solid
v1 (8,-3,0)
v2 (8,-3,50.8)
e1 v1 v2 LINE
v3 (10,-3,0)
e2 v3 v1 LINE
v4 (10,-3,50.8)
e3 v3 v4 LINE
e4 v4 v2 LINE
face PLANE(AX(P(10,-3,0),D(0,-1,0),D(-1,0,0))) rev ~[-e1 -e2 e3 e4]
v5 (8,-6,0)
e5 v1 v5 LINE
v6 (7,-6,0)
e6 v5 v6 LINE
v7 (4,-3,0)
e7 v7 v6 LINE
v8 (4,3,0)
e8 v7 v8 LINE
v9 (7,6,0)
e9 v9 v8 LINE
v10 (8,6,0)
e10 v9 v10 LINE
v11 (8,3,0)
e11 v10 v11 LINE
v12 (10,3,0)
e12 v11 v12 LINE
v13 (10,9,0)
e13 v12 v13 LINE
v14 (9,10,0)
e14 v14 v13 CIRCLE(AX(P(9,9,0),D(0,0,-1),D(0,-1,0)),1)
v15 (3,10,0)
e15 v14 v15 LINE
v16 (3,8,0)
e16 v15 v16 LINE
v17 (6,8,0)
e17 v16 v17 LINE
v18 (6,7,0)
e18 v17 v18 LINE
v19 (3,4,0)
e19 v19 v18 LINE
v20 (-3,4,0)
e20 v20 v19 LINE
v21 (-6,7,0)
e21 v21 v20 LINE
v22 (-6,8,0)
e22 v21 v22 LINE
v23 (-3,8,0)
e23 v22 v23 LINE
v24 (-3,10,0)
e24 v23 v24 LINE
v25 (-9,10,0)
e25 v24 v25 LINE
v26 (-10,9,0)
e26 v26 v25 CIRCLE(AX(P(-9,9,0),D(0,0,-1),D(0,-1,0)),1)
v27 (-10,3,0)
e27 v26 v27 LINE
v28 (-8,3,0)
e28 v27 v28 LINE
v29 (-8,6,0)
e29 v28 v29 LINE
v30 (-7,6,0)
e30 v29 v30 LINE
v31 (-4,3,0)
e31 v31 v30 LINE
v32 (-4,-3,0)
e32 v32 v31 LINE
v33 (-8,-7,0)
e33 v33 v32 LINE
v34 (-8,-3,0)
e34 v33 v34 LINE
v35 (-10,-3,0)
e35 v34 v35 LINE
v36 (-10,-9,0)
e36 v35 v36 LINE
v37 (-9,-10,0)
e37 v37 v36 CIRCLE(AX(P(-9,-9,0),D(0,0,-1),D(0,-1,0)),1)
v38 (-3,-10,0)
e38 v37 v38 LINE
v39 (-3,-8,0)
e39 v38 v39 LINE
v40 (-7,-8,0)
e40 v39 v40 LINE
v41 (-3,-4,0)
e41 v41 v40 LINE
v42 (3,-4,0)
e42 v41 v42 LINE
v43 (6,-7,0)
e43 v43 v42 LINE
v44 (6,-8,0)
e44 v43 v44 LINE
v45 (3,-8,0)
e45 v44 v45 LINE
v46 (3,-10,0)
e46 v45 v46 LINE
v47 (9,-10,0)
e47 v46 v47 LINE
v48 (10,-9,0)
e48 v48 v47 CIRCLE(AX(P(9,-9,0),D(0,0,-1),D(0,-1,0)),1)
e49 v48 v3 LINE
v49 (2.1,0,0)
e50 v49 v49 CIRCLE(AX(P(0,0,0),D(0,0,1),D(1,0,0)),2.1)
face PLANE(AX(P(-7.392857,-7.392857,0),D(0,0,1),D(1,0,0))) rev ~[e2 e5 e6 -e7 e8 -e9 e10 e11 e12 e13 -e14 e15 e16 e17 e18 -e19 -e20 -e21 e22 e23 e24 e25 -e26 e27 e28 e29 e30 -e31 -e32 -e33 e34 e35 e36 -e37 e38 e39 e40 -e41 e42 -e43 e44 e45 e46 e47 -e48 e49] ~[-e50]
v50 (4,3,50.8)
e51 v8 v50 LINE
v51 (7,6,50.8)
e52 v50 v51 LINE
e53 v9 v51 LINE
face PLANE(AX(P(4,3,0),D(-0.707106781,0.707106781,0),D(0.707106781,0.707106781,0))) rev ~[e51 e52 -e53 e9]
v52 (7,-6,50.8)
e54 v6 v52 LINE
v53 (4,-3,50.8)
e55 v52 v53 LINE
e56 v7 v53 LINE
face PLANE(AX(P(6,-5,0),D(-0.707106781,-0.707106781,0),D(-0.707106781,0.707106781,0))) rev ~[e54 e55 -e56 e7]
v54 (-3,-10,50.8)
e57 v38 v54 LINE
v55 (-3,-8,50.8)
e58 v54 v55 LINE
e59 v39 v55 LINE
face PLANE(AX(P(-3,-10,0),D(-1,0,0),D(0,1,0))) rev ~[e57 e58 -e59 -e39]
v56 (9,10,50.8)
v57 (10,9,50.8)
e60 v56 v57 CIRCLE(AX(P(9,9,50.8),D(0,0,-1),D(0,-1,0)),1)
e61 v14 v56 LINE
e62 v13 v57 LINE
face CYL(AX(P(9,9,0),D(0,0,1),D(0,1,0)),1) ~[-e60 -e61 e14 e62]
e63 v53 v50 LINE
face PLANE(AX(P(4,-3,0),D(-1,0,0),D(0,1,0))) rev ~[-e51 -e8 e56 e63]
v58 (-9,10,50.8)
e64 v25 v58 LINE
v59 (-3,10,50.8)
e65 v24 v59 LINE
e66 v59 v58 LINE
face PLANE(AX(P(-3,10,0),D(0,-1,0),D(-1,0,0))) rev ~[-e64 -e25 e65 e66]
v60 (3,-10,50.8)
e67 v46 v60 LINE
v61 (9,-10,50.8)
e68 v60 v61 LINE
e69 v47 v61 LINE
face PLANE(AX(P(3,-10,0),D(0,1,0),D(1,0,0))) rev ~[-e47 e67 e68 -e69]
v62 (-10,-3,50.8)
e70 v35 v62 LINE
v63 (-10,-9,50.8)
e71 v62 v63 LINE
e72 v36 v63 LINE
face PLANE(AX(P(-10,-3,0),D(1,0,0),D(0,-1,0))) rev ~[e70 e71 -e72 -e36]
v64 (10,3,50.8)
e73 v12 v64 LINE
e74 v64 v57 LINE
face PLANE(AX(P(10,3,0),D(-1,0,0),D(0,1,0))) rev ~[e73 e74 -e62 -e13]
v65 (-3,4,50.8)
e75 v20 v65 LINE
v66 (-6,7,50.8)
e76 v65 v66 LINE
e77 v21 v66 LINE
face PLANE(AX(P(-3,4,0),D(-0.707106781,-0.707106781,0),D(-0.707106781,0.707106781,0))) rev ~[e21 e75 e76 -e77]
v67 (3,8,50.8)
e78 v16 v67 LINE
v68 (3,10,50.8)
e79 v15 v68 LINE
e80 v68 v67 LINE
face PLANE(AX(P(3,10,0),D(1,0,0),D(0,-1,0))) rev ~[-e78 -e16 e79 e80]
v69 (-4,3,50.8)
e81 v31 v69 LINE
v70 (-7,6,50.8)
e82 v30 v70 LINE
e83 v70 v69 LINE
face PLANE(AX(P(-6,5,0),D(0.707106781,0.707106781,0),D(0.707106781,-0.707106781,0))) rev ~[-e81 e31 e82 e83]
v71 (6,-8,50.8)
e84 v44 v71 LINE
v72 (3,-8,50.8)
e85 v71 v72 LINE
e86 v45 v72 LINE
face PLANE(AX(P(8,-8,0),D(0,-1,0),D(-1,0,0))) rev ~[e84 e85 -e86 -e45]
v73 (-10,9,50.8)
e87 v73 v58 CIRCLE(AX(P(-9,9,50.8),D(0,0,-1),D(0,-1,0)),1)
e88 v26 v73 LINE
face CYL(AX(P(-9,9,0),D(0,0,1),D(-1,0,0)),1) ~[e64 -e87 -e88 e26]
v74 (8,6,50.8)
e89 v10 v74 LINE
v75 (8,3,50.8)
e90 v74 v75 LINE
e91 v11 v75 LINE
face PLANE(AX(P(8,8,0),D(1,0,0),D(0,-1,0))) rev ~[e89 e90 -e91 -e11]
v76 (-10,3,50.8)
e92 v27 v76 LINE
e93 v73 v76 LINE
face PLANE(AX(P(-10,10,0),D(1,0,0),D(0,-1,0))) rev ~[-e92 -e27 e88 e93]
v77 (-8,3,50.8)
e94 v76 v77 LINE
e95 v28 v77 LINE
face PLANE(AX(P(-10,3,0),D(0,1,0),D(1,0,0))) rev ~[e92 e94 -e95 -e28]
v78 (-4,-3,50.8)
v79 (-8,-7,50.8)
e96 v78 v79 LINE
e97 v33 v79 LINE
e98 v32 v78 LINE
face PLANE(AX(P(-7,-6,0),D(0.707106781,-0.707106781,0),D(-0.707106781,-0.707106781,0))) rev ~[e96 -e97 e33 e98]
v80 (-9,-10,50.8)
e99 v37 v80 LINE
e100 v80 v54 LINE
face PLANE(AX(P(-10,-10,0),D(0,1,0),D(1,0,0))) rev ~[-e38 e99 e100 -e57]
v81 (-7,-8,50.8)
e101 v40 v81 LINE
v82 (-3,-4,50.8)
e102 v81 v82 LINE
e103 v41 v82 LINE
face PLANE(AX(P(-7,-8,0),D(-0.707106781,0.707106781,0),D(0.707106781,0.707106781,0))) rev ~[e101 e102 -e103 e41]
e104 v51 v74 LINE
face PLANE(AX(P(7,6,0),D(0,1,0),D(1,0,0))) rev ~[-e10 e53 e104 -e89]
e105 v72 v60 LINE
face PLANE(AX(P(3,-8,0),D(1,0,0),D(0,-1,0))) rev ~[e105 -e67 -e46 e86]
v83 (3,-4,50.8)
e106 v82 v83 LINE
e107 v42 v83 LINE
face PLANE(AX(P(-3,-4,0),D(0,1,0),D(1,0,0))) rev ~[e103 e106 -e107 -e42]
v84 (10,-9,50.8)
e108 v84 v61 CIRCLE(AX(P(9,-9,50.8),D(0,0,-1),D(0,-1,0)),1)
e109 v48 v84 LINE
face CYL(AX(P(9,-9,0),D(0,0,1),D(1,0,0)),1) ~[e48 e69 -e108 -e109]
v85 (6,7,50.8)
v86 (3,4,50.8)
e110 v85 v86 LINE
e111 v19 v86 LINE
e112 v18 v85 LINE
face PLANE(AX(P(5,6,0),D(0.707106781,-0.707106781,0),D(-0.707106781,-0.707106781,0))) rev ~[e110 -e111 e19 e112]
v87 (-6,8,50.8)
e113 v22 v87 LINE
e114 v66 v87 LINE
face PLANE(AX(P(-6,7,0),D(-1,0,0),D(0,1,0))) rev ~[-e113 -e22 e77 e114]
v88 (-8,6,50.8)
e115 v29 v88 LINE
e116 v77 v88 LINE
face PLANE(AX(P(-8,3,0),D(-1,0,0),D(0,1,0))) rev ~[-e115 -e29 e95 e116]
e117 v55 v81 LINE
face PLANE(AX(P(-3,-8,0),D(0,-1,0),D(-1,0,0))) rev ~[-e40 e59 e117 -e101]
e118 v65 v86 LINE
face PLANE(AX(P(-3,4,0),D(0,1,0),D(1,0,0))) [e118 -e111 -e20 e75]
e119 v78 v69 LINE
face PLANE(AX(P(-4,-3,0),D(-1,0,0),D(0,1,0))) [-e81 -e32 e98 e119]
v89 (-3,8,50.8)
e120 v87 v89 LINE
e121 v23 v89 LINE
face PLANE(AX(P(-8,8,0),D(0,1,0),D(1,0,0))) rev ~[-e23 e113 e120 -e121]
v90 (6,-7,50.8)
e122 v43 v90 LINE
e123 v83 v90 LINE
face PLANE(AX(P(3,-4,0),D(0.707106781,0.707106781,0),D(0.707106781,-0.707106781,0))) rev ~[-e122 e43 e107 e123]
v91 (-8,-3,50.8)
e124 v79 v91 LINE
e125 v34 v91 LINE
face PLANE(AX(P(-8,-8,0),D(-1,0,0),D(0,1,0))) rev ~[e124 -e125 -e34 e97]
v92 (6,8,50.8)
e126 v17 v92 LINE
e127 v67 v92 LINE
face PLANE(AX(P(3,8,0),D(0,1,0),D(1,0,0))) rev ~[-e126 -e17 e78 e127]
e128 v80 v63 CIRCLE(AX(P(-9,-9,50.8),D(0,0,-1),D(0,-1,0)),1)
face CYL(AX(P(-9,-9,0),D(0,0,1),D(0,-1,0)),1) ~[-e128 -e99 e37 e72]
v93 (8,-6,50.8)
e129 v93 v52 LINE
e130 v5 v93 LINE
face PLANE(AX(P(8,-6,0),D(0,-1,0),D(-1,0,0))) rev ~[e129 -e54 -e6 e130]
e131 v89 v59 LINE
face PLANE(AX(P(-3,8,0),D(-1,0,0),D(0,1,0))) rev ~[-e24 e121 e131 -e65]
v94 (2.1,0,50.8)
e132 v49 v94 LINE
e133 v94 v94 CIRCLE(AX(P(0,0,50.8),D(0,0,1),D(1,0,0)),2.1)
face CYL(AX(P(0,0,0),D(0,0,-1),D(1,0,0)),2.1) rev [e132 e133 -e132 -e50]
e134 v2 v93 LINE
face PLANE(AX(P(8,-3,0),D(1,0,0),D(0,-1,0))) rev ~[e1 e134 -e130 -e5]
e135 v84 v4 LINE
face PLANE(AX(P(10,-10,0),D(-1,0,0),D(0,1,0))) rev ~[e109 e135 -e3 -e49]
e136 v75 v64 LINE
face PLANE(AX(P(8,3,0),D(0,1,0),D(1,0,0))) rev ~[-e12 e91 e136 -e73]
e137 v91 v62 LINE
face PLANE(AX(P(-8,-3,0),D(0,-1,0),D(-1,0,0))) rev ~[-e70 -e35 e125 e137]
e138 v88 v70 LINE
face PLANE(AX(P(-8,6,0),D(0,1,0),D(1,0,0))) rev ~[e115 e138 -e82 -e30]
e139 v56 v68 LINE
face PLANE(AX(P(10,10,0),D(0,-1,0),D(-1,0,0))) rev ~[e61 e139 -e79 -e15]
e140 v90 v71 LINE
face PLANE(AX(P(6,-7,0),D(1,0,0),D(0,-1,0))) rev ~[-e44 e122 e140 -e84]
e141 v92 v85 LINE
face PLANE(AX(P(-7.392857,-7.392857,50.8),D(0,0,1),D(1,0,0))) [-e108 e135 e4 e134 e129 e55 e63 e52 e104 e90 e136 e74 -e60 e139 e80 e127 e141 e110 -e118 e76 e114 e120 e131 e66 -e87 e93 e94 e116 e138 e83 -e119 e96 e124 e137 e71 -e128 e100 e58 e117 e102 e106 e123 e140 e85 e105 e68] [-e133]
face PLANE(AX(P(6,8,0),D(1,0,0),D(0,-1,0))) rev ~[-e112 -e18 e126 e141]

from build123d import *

# Parameters (mm, degrees)
SKETCH1_W           = 1
SKETCH1_H           = 1
SKETCH1_W_2         = 6
SKETCH1_H_2         = 6
SKETCH1_R           = 2.1
BOSS_EXTRUDE1_DEPTH = 50.8
FILLET1_R           = 1


with BuildPart() as part:
    # Sketch1 → Boss-Extrude1 (new body)
    # profile 1 of 35: a face of its own
    with BuildSketch(Plane.XY):
        Polygon((-6, 7), (-6, 8), (-7, 8), align=None)
    # profile 2 of 35: a face of its own
    with BuildSketch(Plane.XY):
        Polygon((-6, 7), (-7, 8), (-8, 8), (-8, 7), (-7, 6), (-6, 6), align=None)
    # profile 3 of 35: a face of its own
    with BuildSketch(Plane.XY):
        Polygon((-8, 7), (-8, 6), (-7, 6), align=None)
    # profile 4 of 35: a face of its own
    with BuildSketch(Plane.XY):
        Polygon((-3, 8), (-3, 10), (-10, 10), (-10, 3), (-8, 3), (-8, 6), (-8, 7), (-8, 8), (-7, 8), (-6, 8), align=None)
    # profile 5 of 35: a face of its own
    with BuildSketch(Plane.XY):
        Polygon((-6, 5), (-6, 6), (-7, 6), align=None)
    # profile 6 of 35: a face of its own
    with BuildSketch(Plane.XY):
        Polygon((-6, 6), (-5, 6), (-6, 7), align=None)
    # profile 7 of 35: a face of its own
    with BuildSketch(Plane.XY):
        Polygon((-3, 4), (-5, 6), (-6, 6), (-6, 5), (-4, 3), (-4, 4), align=None)
    # profile 8 of 35: a face of its own
    with BuildSketch(Plane.XY):
        with Locations((-3.5, 3.5)):
            Rectangle(SKETCH1_W, SKETCH1_H)
    # profile 9 of 35: a face of its own
    with BuildSketch(Plane.XY):
        with Locations((0, 3.5)):
            Rectangle(SKETCH1_W_2, SKETCH1_H)
    # profile 10 of 35: a face of its own
    with BuildSketch(Plane.XY):
        with Locations((-3.5, 0)):
            Rectangle(SKETCH1_W, SKETCH1_H_2)
    # profile 11 of 35: a face of its own
    with BuildSketch(Plane.XY):
        Rectangle(SKETCH1_W_2, SKETCH1_H_2)
        Circle(SKETCH1_R, mode=Mode.SUBTRACT)
    # profile 12 of 35: a face of its own
    with BuildSketch(Plane.XY):
        with Locations((3.5, 3.5)):
            Rectangle(SKETCH1_W, SKETCH1_H)
    # profile 13 of 35: a face of its own
    with BuildSketch(Plane.XY):
        Polygon((6, 6), (5, 6), (3, 4), (4, 4), (4, 3), (6, 5), align=None)
    # profile 14 of 35: a face of its own
    with BuildSketch(Plane.XY):
        Polygon((6, 7), (5, 6), (6, 6), align=None)
    # profile 15 of 35: a face of its own
    with BuildSketch(Plane.XY):
        Polygon((6, 6), (6, 5), (7, 6), align=None)
    # profile 16 of 35: a face of its own
    with BuildSketch(Plane.XY):
        Polygon((8, 8), (7, 8), (6, 7), (6, 6), (7, 6), (8, 7), align=None)
    # profile 17 of 35: a face of its own
    with BuildSketch(Plane.XY):
        Polygon((7, 8), (6, 8), (6, 7), align=None)
    # profile 18 of 35: a face of its own
    with BuildSketch(Plane.XY):
        Polygon((7, 6), (8, 6), (8, 7), align=None)
    # profile 19 of 35: a face of its own
    with BuildSketch(Plane.XY):
        Polygon((10, 3), (10, 10), (3, 10), (3, 8), (6, 8), (7, 8), (8, 8), (8, 7), (8, 6), (8, 3), align=None)
    # profile 20 of 35: a face of its own
    with BuildSketch(Plane.XY):
        with Locations((3.5, 0)):
            Rectangle(SKETCH1_W, SKETCH1_H_2)
    # profile 21 of 35: a face of its own
    with BuildSketch(Plane.XY):
        with Locations((3.5, -3.5)):
            Rectangle(SKETCH1_W, SKETCH1_H)
    # profile 22 of 35: a face of its own
    with BuildSketch(Plane.XY):
        Polygon((6, -6), (6, -5), (4, -3), (4, -4), (3, -4), (5, -6), align=None)
    # profile 23 of 35: a face of its own
    with BuildSketch(Plane.XY):
        Polygon((7, -6), (6, -5), (6, -6), align=None)
    # profile 24 of 35: a face of its own
    with BuildSketch(Plane.XY):
        Polygon((6, -7), (6, -6), (5, -6), align=None)
    # profile 25 of 35: a face of its own
    with BuildSketch(Plane.XY):
        Polygon((8, -8), (8, -7), (7, -6), (6, -6), (6, -7), (7, -8), align=None)
    # profile 26 of 35: a face of its own
    with BuildSketch(Plane.XY):
        Polygon((6, -7), (6, -8), (7, -8), align=None)
    # profile 27 of 35: a face of its own
    with BuildSketch(Plane.XY):
        Polygon((8, -7), (8, -6), (7, -6), align=None)
    # profile 28 of 35: a face of its own
    with BuildSketch(Plane.XY):
        Polygon((10, -10), (10, -3), (8, -3), (8, -6), (8, -7), (8, -8), (7, -8), (6, -8), (3, -8), (3, -10), align=None)
    # profile 29 of 35: a face of its own
    with BuildSketch(Plane.XY):
        with Locations((0, -3.5)):
            Rectangle(SKETCH1_W_2, SKETCH1_H)
    # profile 30 of 35: a face of its own
    with BuildSketch(Plane.XY):
        with Locations((-3.5, -3.5)):
            Rectangle(SKETCH1_W, SKETCH1_H)
    # profile 31 of 35: a face of its own
    with BuildSketch(Plane.XY):
        Polygon((-4, -3), (-6, -5), (-6, -6), (-5, -6), (-3, -4), (-4, -4), align=None)
    # profile 32 of 35: a face of its own
    with BuildSketch(Plane.XY):
        Polygon((-6, -7), (-5, -6), (-6, -6), align=None)
    # profile 33 of 35: a face of its own
    with BuildSketch(Plane.XY):
        Polygon((-6, -6), (-6, -5), (-7, -6), align=None)
    # profile 34 of 35: a face of its own
    with BuildSketch(Plane.XY):
        Polygon((-7, -6), (-8, -7), (-8, -8), (-7, -8), (-6, -7), (-6, -6), align=None)
    # profile 35 of 35: a face of its own
    with BuildSketch(Plane.XY):
        Polygon((-8, -3), (-10, -3), (-10, -10), (-3, -10), (-3, -8), (-6, -8), (-7, -8), (-8, -8), (-8, -7), (-8, -6), align=None)
    extrude(amount=BOSS_EXTRUDE1_DEPTH)

    # Fillet1
    fillet1_edges = [part.edges().sort_by_distance(p)[0] for p in [
        (-10, -10, 25.4),
        (-10, 10, 25.4),
        (10, 10, 25.4),
        (10, -10, 25.4),
    ]]
    fillet(fillet1_edges, radius=FILLET1_R)


solid = part.part
